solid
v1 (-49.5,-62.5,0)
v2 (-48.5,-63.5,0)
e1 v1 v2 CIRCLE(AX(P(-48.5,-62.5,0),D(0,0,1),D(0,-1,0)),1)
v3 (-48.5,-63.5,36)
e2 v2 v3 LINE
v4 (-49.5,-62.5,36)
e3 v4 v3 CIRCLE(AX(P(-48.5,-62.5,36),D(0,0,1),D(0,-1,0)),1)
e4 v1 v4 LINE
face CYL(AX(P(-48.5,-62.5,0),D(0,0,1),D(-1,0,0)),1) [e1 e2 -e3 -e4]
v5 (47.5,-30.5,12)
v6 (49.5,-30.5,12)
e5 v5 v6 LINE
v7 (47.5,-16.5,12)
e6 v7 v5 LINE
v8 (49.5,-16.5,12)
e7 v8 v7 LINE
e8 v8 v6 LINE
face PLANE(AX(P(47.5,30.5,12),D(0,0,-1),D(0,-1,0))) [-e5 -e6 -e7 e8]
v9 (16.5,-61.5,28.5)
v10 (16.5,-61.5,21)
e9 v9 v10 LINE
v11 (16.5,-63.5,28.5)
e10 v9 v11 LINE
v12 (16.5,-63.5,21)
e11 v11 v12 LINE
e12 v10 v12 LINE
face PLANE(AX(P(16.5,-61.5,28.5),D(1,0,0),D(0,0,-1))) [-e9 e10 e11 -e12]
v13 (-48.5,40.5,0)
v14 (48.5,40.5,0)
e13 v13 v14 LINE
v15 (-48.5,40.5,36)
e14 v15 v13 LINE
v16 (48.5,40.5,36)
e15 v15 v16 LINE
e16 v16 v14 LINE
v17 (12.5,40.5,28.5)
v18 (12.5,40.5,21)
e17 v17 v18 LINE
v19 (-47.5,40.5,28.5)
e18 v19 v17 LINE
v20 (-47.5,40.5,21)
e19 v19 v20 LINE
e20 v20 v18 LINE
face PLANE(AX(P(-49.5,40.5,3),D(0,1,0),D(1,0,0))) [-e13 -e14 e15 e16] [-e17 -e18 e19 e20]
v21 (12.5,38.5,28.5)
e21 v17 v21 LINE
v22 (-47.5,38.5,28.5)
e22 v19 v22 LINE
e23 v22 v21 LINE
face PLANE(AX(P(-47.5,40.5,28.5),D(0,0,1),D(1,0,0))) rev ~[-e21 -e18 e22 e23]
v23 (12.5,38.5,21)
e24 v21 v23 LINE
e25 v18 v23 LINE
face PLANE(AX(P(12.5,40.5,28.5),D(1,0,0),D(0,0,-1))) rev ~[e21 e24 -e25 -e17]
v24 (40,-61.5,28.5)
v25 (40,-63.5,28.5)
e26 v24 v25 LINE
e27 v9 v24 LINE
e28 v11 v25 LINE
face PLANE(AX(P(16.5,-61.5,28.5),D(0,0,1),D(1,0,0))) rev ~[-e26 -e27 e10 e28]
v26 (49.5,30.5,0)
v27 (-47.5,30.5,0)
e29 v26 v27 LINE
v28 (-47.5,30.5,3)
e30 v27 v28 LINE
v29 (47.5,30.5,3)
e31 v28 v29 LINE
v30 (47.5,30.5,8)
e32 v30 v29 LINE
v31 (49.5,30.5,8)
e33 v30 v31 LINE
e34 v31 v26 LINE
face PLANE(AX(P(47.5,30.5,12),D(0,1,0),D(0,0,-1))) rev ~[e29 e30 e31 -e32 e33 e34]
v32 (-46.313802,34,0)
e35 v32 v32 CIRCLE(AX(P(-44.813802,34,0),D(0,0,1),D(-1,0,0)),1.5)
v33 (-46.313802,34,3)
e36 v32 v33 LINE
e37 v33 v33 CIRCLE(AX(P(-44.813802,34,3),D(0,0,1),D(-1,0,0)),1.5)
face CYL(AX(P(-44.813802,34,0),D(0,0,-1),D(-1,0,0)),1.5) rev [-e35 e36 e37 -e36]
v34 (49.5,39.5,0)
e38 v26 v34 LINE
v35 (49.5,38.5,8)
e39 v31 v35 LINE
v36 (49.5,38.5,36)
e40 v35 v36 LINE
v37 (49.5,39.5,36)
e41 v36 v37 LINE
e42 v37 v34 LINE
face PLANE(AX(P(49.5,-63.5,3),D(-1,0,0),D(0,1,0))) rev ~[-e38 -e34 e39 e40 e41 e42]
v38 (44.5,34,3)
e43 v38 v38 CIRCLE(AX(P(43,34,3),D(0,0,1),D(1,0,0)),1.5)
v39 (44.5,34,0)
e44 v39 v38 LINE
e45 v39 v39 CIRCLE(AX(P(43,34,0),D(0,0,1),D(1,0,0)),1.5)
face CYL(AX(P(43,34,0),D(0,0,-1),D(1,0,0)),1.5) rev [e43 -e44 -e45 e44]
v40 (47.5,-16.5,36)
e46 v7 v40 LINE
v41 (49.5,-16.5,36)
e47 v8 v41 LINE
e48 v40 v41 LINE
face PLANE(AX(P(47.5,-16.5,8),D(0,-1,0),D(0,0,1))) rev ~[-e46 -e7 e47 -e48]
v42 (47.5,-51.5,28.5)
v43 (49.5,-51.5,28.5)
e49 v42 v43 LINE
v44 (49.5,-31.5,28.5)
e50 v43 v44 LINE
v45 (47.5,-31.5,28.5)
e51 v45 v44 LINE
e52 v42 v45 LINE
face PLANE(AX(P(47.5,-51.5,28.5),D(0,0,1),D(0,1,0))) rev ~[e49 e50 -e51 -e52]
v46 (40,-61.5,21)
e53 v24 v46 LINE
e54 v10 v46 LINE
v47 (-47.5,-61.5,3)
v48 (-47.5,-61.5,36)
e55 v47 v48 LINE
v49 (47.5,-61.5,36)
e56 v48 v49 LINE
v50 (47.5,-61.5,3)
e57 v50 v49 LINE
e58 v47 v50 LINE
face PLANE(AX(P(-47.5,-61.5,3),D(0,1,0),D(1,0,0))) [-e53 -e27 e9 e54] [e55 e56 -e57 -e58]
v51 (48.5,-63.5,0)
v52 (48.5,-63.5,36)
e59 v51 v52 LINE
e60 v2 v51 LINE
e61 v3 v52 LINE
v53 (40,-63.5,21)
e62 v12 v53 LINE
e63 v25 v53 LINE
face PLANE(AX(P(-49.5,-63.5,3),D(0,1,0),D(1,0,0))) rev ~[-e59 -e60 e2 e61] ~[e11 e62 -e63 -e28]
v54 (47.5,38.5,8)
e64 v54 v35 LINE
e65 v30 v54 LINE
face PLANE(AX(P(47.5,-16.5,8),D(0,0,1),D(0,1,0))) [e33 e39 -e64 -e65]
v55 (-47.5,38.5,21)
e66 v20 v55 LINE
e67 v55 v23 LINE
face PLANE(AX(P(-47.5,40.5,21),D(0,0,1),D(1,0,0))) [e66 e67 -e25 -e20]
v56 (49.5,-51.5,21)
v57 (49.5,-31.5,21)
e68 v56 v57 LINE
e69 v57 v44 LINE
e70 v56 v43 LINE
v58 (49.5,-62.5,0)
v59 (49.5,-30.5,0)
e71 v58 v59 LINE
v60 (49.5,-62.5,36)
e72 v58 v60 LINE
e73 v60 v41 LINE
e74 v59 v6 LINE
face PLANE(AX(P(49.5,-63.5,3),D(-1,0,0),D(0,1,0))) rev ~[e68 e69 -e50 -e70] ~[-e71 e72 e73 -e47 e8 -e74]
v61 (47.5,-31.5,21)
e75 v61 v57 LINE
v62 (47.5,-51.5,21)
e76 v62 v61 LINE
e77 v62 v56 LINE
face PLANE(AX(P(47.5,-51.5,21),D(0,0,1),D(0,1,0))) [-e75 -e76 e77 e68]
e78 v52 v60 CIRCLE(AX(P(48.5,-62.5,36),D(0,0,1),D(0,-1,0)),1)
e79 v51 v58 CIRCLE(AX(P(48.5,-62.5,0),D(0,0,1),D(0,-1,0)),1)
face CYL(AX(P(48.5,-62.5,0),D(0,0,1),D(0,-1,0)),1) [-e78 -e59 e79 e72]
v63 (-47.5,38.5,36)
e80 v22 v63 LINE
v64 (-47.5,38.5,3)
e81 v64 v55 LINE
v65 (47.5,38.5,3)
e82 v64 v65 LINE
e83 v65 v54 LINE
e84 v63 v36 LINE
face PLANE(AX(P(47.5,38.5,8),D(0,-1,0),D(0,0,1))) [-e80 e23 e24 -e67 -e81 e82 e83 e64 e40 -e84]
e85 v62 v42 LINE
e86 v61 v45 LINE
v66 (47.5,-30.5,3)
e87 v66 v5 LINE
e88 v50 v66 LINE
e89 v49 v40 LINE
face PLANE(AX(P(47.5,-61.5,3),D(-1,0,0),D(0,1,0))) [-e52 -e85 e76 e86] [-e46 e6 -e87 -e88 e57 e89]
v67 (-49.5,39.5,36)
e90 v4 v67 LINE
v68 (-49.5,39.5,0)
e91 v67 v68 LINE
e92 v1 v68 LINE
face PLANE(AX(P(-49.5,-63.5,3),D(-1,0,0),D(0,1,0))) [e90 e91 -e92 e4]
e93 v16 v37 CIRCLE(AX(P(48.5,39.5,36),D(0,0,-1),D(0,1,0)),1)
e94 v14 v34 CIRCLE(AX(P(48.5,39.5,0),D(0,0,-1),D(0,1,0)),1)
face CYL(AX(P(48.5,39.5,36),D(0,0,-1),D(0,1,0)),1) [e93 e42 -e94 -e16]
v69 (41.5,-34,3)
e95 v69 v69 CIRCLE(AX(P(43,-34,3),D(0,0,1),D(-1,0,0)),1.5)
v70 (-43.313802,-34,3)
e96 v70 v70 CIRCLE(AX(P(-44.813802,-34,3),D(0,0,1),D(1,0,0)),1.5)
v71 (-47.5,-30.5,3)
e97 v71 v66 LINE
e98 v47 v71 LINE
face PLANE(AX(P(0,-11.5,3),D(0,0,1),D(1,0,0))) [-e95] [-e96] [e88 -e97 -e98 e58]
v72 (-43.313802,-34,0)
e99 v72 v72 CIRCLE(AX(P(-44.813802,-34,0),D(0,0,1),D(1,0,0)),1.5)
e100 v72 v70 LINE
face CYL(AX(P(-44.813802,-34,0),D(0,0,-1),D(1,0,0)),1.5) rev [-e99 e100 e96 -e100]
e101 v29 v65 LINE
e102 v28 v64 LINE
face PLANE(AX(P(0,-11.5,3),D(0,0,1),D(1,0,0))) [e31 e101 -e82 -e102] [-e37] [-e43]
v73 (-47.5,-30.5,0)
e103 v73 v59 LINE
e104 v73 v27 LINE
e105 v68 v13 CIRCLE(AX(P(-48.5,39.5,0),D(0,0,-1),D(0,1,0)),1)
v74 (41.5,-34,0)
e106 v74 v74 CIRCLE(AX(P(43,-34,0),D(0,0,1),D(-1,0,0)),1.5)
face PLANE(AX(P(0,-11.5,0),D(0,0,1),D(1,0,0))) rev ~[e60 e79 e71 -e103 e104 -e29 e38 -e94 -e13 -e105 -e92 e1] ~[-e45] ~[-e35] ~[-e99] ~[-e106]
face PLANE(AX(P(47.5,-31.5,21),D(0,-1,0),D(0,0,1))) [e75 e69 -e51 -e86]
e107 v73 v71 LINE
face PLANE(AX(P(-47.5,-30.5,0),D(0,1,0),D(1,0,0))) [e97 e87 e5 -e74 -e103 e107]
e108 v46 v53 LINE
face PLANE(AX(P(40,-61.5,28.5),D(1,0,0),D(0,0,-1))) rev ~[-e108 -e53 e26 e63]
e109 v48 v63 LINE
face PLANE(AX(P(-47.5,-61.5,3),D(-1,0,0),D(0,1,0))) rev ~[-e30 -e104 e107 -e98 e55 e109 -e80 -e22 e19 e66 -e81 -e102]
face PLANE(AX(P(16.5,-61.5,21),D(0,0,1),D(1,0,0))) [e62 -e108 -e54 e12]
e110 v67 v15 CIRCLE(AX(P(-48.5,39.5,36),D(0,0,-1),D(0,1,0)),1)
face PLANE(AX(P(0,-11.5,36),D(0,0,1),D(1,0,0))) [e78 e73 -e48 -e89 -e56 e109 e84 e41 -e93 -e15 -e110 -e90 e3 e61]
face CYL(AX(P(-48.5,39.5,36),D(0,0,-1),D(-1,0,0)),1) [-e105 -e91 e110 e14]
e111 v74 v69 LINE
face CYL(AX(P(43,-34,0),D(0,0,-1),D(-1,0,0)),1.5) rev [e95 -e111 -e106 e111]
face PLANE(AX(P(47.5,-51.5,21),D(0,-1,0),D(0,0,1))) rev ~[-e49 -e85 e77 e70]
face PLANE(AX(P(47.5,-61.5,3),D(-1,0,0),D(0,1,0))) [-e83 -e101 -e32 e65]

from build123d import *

# Parameters (mm, degrees)
SKETCH_1_W          = 99
SKETCH_1_H          = 104
SKETCH_1_R          = 1.5
SKETCH_1_W_2        = 95
SKETCH_1_H_2        = 61
EXTRUDE_3_DEPTH     = 3
SKETCH_3_W          = 99
SKETCH_3_H          = 104
SKETCH_3_W_2        = 95
SKETCH_3_H_2        = 100
EXTRUDE_4_DEPTH     = 33
CUT_EXTRUDE_2_DEPTH = 30
SKETCH_5_W          = 60
SKETCH_5_H          = 7.5
CUT_EXTRUDE_3_DEPTH = 30
SKETCH_6_W          = 28
SKETCH_6_H          = 55
CUT_EXTRUDE_4_DEPTH = 30
SKETCH_7_W          = 7.5
SKETCH_7_H          = 20
CUT_EXTRUDE_5_DEPTH = 30
SKETCH_8_W          = 23.5
SKETCH_8_H          = 7.5
CUT_EXTRUDE_6_DEPTH = 30
FILLET_1_R          = 1


with BuildPart() as part:
    # 草图1 → 凸台-拉伸3 (new body)
    with BuildSketch(Plane.XY):
        with Locations((0, -11.5)):
            Rectangle(SKETCH_1_W, SKETCH_1_H)
        with Locations((43, 34)):
            Circle(SKETCH_1_R, mode=Mode.SUBTRACT)
        with Locations(Location((-44.813801575, 34, 0), (0, 0, 180))):
            Circle(SKETCH_1_R, mode=Mode.SUBTRACT)
        with Locations((-44.813801575, -34)):
            Circle(SKETCH_1_R, mode=Mode.SUBTRACT)
        with Locations(Location((43, -34, 0), (0, 0, 180))):
            Circle(SKETCH_1_R, mode=Mode.SUBTRACT)
        Rectangle(SKETCH_1_W_2, SKETCH_1_H_2, mode=Mode.SUBTRACT)
    extrude(amount=EXTRUDE_3_DEPTH)

    # 草图3 → 凸台-拉伸4 (add)
    with BuildSketch(Plane.XY.offset(3)):
        with Locations((0, -11.5)):
            Rectangle(SKETCH_3_W, SKETCH_3_H)
        with Locations((0, -11.5)):
            Rectangle(SKETCH_3_W_2, SKETCH_3_H_2, mode=Mode.SUBTRACT)
    extrude(amount=EXTRUDE_4_DEPTH)

    # 草图4 → 切除-拉伸2 (cut)
    with BuildSketch(Plane.ZY.offset(-47.5)):
        Polygon((3, 30.5), (12, 30.5), (12, -30.5), (3, -30.5), (0, -30.5), (0, 30.5), align=None)
    extrude(amount=-CUT_EXTRUDE_2_DEPTH, mode=Mode.SUBTRACT)

    # 草图5 → 切除-拉伸3 (cut)
    with BuildSketch(Plane(origin=(0, 40.5, 0), x_dir=(1, 0, 0), z_dir=(0, 1, 0))):
        with Locations((-17.5, -24.75)):
            Rectangle(SKETCH_5_W, SKETCH_5_H)
    extrude(amount=-CUT_EXTRUDE_3_DEPTH, mode=Mode.SUBTRACT)

    # 草图6 → 切除-拉伸4 (cut)
    with BuildSketch(Plane.ZY.offset(-47.5)):
        with Locations((22, 11)):
            Rectangle(SKETCH_6_W, SKETCH_6_H)
    extrude(amount=-CUT_EXTRUDE_4_DEPTH, mode=Mode.SUBTRACT)

    # 草图7 → 切除-拉伸5 (cut)
    with BuildSketch(Plane.ZY.offset(-47.5)):
        with Locations((24.75, -41.5)):
            Rectangle(SKETCH_7_W, SKETCH_7_H)
    extrude(amount=-CUT_EXTRUDE_5_DEPTH, mode=Mode.SUBTRACT)

    # 草图8 → 切除-拉伸6 (cut)
    with BuildSketch(Plane(origin=(0, -61.5, 0), x_dir=(1, 0, 0), z_dir=(0, 1, 0))):
        with Locations((28.25, -24.75)):
            Rectangle(SKETCH_8_W, SKETCH_8_H)
    extrude(amount=-CUT_EXTRUDE_6_DEPTH, mode=Mode.SUBTRACT)

    # 圆角1
    fillet_1_edges = [part.edges().sort_by_distance(p)[0] for p in [
        (-49.5, 40.5, 18),
        (49.5, 40.5, 18),
        (49.5, -63.5, 18),
        (-49.5, -63.5, 18),
    ]]
    fillet(fillet_1_edges, radius=FILLET_1_R)


solid = part.part
